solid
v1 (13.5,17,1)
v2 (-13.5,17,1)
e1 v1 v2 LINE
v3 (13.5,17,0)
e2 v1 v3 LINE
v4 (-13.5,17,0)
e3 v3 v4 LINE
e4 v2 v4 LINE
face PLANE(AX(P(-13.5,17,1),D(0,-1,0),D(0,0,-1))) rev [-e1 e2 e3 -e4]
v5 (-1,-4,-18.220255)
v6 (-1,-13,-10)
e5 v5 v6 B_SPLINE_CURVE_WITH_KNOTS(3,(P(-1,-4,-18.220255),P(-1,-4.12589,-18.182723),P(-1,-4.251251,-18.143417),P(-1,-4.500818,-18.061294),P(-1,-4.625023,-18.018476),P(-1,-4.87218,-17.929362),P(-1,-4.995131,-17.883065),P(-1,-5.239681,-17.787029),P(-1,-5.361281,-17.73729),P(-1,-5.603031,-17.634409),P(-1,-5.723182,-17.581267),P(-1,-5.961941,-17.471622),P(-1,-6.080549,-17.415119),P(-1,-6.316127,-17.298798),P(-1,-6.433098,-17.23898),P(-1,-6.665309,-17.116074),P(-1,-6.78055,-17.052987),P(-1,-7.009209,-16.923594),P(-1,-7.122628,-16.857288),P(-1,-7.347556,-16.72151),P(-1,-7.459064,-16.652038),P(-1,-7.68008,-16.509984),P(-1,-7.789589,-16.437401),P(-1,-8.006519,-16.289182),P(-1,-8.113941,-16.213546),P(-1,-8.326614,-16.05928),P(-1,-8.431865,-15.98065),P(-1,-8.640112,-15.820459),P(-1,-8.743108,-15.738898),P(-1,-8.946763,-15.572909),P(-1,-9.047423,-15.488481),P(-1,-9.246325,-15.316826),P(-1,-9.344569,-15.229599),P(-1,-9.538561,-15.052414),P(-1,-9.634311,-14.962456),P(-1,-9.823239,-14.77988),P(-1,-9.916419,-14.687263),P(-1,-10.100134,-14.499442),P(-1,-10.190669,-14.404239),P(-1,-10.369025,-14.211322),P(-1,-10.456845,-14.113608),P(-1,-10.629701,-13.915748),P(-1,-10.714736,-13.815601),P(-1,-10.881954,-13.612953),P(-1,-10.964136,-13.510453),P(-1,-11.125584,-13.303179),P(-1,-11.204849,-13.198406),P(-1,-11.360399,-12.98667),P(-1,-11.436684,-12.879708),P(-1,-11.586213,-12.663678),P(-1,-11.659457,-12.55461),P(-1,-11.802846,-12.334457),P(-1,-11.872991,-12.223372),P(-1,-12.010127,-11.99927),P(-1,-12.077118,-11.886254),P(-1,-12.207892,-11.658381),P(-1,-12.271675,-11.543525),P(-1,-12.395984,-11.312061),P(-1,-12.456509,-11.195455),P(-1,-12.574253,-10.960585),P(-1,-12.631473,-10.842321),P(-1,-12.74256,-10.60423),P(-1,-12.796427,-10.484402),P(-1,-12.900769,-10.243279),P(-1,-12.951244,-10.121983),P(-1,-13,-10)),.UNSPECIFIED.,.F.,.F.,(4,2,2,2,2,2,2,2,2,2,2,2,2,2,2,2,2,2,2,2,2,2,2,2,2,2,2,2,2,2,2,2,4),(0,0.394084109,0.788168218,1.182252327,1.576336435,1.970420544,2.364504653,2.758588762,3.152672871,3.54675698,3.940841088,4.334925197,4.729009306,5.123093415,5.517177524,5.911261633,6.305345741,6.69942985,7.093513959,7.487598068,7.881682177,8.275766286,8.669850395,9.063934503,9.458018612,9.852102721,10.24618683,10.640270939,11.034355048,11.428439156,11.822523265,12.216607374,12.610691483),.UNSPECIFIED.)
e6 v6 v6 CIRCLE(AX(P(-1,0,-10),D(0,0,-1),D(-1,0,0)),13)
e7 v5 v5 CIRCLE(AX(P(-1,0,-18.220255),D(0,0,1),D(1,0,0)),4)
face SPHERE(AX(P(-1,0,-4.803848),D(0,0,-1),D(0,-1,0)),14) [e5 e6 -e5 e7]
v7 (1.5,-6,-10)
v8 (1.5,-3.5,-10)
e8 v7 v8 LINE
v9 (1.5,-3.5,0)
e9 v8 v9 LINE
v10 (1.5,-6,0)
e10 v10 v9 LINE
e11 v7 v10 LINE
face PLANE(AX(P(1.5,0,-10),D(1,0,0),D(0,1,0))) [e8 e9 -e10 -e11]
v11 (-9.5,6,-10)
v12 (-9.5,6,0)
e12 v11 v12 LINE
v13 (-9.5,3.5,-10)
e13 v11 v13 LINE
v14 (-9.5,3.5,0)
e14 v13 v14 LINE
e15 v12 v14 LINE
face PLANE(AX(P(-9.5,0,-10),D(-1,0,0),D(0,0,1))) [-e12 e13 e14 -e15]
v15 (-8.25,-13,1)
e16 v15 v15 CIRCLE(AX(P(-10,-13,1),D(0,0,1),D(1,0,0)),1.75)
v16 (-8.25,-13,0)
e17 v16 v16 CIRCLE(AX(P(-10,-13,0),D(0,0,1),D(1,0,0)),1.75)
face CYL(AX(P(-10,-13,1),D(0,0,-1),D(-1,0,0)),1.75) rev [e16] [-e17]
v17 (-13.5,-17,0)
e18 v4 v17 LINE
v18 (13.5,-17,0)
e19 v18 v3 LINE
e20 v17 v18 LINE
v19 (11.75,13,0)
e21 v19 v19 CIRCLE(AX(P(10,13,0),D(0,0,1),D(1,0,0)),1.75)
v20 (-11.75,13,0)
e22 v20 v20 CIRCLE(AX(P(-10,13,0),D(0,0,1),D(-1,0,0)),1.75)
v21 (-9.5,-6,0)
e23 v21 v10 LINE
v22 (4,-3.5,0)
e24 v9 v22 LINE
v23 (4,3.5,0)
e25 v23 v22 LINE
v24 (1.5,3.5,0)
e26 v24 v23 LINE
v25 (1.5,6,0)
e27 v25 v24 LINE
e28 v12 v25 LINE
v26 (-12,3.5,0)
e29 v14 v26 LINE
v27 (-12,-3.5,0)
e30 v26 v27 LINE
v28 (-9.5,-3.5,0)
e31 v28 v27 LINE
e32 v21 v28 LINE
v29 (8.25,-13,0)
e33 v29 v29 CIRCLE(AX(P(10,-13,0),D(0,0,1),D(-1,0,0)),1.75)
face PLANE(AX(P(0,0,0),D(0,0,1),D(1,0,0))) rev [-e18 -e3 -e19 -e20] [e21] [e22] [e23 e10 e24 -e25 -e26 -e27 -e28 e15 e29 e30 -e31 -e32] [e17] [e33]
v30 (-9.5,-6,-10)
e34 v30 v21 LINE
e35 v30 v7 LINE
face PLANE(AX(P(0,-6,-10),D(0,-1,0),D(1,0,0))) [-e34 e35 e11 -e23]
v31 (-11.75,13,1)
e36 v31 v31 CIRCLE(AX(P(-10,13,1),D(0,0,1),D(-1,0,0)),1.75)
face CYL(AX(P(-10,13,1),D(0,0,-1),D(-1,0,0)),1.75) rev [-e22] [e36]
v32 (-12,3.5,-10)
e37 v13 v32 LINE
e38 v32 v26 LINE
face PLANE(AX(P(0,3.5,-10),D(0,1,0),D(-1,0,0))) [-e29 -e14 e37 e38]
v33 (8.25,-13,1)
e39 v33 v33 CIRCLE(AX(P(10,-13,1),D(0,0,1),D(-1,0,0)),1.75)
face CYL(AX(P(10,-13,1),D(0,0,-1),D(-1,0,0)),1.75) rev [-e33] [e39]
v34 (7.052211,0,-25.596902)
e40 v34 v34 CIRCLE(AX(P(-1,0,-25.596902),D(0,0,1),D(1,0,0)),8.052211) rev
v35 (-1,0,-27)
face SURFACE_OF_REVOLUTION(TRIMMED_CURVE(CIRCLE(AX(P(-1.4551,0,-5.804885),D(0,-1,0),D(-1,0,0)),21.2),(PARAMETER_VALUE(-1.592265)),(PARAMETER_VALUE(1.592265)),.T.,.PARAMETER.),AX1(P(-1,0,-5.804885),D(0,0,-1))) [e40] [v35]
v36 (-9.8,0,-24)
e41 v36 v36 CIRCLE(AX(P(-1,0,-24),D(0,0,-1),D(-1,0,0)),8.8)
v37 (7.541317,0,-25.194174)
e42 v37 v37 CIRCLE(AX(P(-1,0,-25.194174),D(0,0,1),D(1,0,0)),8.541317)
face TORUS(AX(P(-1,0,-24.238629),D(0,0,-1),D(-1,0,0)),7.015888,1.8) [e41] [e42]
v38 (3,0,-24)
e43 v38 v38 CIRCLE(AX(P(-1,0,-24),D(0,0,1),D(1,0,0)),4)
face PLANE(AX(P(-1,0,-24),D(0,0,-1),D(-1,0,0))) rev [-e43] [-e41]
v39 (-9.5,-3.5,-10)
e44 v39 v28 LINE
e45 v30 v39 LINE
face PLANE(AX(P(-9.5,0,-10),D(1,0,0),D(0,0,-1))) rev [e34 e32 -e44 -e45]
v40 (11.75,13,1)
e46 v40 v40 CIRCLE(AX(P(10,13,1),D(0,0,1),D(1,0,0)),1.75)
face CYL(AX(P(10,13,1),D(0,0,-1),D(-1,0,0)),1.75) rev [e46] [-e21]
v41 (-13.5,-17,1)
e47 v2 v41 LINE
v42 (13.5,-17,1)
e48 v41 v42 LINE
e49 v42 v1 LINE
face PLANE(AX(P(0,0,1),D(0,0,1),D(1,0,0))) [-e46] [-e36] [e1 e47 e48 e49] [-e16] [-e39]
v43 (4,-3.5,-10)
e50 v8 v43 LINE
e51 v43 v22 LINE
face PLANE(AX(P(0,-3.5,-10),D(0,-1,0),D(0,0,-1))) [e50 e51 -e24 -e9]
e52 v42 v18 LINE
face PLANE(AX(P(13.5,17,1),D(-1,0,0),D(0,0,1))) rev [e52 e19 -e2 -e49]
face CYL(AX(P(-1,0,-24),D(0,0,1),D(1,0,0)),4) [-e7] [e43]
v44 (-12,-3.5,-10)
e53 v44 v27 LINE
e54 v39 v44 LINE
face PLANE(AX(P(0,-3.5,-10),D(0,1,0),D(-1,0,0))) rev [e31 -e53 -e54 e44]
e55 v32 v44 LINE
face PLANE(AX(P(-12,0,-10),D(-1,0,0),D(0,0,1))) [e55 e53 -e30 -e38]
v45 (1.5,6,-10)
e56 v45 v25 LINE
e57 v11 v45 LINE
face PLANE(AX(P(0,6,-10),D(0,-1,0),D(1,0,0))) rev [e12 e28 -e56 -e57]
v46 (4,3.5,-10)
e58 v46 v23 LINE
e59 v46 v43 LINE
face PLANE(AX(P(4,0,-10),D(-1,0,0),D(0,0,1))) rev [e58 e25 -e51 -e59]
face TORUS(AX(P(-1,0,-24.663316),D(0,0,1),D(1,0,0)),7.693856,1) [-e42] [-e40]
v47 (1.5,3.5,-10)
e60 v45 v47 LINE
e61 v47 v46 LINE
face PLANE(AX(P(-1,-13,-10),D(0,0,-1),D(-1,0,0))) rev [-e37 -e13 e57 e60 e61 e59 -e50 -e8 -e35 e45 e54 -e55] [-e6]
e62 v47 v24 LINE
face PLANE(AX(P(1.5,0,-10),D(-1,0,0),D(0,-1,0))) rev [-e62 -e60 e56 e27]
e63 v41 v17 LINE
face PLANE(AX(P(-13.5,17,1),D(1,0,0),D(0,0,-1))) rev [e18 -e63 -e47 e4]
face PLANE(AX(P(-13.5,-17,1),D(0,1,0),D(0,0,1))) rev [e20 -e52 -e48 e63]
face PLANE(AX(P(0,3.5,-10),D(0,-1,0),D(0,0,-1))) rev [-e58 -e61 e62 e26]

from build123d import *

# Parameters (mm, degrees)
SKETCH_1_W      = 27
SKETCH_1_H      = 34
SKETCH_1_R      = 1.75
EXTRUDE_1_DEPTH = 1
EXTRUDE_2_DEPTH = 10
SKETCH_4_R      = 4
EXTRUDE_3_DEPTH = 6
FILLET_1_R      = 1


with BuildPart() as part:
    # 草图1 → 凸台-拉伸1 (new body)
    with BuildSketch(Plane.XY):
        Rectangle(SKETCH_1_W, SKETCH_1_H)
        with Locations((10, 13)):
            Circle(SKETCH_1_R, mode=Mode.SUBTRACT)
        with Locations(Location((-10, 13, 0), (0, 0, 180))):
            Circle(SKETCH_1_R, mode=Mode.SUBTRACT)
        with Locations(Location((10, -13, 0), (0, 0, 180))):
            Circle(SKETCH_1_R, mode=Mode.SUBTRACT)
        with Locations((-10, -13)):
            Circle(SKETCH_1_R, mode=Mode.SUBTRACT)
    extrude(amount=EXTRUDE_1_DEPTH)

    # 草图2 → 凸台-拉伸2 (add)
    with BuildSketch(Plane(origin=(0, 0, 0), x_dir=(-1, 0, 0), z_dir=(0, 0, -1))):
        Polygon((12, 0), (12, 3.5), (9.5, 3.5), (9.5, 6), (-1.5, 6), (-1.5, 3.5), (-4, 3.5), (-4, -3.5), (-1.5, -3.5), (-1.5, -6), (9.5, -6), (9.5, -3.5), (12, -3.5), align=None)
    extrude(amount=EXTRUDE_2_DEPTH)

    # 草图3 → 旋转1 (revolve)
    with BuildSketch(Plane(origin=(-1, 0, 0), x_dir=(0, 0, -1), z_dir=(1, 0, 0))):
        with BuildLine():
            Line((10, -13), (10, 0))
            Line((10, 0), (18.803847577, 0))
            ThreePointArc((18.803847577, 0), (16.395787318, -7.850282354), (10, -13))
        make_face()
    revolve(axis=Axis((-1, 0, -17.702001311), (0, 0, 1)))

    # 草图4 → 凸台-拉伸3 (add)
    with BuildSketch(Plane.XY.offset(-18)):
        with Locations((-1, 0)):
            Circle(SKETCH_4_R)
    extrude(amount=-EXTRUDE_3_DEPTH)

    # 草图5 → 旋转3 (revolve)
    with BuildSketch(Plane(origin=(-1, 0, 0), x_dir=(0, 0, -1), z_dir=(1, 0, 0)), mode=Mode.PRIVATE) as revolve_3_sk:
        with BuildLine():
            Line((24, 0), (24, -8.8))
            ThreePointArc((24, -8.8), (24.807839272, -8.723517815), (25.5, -8.3))
            ThreePointArc((25.5, -8.3), (26.666937336, -4.225350121), (27, 0))
            Line((27, 0), (24, 0))
        make_face()
    revolve(revolve_3_sk.sketch.rotate(Axis((-1, 0, -28.967381471), (0, 0, 1)), 270), axis=Axis((-1, 0, -28.967381471), (0, 0, 1)))

    # 圆角1
    fillet_1_edges = [part.edges().sort_by_distance(p)[0] for p in [
        (7.3, 0, -25.5),
    ]]
    fillet(fillet_1_edges, radius=FILLET_1_R)


solid = part.part
